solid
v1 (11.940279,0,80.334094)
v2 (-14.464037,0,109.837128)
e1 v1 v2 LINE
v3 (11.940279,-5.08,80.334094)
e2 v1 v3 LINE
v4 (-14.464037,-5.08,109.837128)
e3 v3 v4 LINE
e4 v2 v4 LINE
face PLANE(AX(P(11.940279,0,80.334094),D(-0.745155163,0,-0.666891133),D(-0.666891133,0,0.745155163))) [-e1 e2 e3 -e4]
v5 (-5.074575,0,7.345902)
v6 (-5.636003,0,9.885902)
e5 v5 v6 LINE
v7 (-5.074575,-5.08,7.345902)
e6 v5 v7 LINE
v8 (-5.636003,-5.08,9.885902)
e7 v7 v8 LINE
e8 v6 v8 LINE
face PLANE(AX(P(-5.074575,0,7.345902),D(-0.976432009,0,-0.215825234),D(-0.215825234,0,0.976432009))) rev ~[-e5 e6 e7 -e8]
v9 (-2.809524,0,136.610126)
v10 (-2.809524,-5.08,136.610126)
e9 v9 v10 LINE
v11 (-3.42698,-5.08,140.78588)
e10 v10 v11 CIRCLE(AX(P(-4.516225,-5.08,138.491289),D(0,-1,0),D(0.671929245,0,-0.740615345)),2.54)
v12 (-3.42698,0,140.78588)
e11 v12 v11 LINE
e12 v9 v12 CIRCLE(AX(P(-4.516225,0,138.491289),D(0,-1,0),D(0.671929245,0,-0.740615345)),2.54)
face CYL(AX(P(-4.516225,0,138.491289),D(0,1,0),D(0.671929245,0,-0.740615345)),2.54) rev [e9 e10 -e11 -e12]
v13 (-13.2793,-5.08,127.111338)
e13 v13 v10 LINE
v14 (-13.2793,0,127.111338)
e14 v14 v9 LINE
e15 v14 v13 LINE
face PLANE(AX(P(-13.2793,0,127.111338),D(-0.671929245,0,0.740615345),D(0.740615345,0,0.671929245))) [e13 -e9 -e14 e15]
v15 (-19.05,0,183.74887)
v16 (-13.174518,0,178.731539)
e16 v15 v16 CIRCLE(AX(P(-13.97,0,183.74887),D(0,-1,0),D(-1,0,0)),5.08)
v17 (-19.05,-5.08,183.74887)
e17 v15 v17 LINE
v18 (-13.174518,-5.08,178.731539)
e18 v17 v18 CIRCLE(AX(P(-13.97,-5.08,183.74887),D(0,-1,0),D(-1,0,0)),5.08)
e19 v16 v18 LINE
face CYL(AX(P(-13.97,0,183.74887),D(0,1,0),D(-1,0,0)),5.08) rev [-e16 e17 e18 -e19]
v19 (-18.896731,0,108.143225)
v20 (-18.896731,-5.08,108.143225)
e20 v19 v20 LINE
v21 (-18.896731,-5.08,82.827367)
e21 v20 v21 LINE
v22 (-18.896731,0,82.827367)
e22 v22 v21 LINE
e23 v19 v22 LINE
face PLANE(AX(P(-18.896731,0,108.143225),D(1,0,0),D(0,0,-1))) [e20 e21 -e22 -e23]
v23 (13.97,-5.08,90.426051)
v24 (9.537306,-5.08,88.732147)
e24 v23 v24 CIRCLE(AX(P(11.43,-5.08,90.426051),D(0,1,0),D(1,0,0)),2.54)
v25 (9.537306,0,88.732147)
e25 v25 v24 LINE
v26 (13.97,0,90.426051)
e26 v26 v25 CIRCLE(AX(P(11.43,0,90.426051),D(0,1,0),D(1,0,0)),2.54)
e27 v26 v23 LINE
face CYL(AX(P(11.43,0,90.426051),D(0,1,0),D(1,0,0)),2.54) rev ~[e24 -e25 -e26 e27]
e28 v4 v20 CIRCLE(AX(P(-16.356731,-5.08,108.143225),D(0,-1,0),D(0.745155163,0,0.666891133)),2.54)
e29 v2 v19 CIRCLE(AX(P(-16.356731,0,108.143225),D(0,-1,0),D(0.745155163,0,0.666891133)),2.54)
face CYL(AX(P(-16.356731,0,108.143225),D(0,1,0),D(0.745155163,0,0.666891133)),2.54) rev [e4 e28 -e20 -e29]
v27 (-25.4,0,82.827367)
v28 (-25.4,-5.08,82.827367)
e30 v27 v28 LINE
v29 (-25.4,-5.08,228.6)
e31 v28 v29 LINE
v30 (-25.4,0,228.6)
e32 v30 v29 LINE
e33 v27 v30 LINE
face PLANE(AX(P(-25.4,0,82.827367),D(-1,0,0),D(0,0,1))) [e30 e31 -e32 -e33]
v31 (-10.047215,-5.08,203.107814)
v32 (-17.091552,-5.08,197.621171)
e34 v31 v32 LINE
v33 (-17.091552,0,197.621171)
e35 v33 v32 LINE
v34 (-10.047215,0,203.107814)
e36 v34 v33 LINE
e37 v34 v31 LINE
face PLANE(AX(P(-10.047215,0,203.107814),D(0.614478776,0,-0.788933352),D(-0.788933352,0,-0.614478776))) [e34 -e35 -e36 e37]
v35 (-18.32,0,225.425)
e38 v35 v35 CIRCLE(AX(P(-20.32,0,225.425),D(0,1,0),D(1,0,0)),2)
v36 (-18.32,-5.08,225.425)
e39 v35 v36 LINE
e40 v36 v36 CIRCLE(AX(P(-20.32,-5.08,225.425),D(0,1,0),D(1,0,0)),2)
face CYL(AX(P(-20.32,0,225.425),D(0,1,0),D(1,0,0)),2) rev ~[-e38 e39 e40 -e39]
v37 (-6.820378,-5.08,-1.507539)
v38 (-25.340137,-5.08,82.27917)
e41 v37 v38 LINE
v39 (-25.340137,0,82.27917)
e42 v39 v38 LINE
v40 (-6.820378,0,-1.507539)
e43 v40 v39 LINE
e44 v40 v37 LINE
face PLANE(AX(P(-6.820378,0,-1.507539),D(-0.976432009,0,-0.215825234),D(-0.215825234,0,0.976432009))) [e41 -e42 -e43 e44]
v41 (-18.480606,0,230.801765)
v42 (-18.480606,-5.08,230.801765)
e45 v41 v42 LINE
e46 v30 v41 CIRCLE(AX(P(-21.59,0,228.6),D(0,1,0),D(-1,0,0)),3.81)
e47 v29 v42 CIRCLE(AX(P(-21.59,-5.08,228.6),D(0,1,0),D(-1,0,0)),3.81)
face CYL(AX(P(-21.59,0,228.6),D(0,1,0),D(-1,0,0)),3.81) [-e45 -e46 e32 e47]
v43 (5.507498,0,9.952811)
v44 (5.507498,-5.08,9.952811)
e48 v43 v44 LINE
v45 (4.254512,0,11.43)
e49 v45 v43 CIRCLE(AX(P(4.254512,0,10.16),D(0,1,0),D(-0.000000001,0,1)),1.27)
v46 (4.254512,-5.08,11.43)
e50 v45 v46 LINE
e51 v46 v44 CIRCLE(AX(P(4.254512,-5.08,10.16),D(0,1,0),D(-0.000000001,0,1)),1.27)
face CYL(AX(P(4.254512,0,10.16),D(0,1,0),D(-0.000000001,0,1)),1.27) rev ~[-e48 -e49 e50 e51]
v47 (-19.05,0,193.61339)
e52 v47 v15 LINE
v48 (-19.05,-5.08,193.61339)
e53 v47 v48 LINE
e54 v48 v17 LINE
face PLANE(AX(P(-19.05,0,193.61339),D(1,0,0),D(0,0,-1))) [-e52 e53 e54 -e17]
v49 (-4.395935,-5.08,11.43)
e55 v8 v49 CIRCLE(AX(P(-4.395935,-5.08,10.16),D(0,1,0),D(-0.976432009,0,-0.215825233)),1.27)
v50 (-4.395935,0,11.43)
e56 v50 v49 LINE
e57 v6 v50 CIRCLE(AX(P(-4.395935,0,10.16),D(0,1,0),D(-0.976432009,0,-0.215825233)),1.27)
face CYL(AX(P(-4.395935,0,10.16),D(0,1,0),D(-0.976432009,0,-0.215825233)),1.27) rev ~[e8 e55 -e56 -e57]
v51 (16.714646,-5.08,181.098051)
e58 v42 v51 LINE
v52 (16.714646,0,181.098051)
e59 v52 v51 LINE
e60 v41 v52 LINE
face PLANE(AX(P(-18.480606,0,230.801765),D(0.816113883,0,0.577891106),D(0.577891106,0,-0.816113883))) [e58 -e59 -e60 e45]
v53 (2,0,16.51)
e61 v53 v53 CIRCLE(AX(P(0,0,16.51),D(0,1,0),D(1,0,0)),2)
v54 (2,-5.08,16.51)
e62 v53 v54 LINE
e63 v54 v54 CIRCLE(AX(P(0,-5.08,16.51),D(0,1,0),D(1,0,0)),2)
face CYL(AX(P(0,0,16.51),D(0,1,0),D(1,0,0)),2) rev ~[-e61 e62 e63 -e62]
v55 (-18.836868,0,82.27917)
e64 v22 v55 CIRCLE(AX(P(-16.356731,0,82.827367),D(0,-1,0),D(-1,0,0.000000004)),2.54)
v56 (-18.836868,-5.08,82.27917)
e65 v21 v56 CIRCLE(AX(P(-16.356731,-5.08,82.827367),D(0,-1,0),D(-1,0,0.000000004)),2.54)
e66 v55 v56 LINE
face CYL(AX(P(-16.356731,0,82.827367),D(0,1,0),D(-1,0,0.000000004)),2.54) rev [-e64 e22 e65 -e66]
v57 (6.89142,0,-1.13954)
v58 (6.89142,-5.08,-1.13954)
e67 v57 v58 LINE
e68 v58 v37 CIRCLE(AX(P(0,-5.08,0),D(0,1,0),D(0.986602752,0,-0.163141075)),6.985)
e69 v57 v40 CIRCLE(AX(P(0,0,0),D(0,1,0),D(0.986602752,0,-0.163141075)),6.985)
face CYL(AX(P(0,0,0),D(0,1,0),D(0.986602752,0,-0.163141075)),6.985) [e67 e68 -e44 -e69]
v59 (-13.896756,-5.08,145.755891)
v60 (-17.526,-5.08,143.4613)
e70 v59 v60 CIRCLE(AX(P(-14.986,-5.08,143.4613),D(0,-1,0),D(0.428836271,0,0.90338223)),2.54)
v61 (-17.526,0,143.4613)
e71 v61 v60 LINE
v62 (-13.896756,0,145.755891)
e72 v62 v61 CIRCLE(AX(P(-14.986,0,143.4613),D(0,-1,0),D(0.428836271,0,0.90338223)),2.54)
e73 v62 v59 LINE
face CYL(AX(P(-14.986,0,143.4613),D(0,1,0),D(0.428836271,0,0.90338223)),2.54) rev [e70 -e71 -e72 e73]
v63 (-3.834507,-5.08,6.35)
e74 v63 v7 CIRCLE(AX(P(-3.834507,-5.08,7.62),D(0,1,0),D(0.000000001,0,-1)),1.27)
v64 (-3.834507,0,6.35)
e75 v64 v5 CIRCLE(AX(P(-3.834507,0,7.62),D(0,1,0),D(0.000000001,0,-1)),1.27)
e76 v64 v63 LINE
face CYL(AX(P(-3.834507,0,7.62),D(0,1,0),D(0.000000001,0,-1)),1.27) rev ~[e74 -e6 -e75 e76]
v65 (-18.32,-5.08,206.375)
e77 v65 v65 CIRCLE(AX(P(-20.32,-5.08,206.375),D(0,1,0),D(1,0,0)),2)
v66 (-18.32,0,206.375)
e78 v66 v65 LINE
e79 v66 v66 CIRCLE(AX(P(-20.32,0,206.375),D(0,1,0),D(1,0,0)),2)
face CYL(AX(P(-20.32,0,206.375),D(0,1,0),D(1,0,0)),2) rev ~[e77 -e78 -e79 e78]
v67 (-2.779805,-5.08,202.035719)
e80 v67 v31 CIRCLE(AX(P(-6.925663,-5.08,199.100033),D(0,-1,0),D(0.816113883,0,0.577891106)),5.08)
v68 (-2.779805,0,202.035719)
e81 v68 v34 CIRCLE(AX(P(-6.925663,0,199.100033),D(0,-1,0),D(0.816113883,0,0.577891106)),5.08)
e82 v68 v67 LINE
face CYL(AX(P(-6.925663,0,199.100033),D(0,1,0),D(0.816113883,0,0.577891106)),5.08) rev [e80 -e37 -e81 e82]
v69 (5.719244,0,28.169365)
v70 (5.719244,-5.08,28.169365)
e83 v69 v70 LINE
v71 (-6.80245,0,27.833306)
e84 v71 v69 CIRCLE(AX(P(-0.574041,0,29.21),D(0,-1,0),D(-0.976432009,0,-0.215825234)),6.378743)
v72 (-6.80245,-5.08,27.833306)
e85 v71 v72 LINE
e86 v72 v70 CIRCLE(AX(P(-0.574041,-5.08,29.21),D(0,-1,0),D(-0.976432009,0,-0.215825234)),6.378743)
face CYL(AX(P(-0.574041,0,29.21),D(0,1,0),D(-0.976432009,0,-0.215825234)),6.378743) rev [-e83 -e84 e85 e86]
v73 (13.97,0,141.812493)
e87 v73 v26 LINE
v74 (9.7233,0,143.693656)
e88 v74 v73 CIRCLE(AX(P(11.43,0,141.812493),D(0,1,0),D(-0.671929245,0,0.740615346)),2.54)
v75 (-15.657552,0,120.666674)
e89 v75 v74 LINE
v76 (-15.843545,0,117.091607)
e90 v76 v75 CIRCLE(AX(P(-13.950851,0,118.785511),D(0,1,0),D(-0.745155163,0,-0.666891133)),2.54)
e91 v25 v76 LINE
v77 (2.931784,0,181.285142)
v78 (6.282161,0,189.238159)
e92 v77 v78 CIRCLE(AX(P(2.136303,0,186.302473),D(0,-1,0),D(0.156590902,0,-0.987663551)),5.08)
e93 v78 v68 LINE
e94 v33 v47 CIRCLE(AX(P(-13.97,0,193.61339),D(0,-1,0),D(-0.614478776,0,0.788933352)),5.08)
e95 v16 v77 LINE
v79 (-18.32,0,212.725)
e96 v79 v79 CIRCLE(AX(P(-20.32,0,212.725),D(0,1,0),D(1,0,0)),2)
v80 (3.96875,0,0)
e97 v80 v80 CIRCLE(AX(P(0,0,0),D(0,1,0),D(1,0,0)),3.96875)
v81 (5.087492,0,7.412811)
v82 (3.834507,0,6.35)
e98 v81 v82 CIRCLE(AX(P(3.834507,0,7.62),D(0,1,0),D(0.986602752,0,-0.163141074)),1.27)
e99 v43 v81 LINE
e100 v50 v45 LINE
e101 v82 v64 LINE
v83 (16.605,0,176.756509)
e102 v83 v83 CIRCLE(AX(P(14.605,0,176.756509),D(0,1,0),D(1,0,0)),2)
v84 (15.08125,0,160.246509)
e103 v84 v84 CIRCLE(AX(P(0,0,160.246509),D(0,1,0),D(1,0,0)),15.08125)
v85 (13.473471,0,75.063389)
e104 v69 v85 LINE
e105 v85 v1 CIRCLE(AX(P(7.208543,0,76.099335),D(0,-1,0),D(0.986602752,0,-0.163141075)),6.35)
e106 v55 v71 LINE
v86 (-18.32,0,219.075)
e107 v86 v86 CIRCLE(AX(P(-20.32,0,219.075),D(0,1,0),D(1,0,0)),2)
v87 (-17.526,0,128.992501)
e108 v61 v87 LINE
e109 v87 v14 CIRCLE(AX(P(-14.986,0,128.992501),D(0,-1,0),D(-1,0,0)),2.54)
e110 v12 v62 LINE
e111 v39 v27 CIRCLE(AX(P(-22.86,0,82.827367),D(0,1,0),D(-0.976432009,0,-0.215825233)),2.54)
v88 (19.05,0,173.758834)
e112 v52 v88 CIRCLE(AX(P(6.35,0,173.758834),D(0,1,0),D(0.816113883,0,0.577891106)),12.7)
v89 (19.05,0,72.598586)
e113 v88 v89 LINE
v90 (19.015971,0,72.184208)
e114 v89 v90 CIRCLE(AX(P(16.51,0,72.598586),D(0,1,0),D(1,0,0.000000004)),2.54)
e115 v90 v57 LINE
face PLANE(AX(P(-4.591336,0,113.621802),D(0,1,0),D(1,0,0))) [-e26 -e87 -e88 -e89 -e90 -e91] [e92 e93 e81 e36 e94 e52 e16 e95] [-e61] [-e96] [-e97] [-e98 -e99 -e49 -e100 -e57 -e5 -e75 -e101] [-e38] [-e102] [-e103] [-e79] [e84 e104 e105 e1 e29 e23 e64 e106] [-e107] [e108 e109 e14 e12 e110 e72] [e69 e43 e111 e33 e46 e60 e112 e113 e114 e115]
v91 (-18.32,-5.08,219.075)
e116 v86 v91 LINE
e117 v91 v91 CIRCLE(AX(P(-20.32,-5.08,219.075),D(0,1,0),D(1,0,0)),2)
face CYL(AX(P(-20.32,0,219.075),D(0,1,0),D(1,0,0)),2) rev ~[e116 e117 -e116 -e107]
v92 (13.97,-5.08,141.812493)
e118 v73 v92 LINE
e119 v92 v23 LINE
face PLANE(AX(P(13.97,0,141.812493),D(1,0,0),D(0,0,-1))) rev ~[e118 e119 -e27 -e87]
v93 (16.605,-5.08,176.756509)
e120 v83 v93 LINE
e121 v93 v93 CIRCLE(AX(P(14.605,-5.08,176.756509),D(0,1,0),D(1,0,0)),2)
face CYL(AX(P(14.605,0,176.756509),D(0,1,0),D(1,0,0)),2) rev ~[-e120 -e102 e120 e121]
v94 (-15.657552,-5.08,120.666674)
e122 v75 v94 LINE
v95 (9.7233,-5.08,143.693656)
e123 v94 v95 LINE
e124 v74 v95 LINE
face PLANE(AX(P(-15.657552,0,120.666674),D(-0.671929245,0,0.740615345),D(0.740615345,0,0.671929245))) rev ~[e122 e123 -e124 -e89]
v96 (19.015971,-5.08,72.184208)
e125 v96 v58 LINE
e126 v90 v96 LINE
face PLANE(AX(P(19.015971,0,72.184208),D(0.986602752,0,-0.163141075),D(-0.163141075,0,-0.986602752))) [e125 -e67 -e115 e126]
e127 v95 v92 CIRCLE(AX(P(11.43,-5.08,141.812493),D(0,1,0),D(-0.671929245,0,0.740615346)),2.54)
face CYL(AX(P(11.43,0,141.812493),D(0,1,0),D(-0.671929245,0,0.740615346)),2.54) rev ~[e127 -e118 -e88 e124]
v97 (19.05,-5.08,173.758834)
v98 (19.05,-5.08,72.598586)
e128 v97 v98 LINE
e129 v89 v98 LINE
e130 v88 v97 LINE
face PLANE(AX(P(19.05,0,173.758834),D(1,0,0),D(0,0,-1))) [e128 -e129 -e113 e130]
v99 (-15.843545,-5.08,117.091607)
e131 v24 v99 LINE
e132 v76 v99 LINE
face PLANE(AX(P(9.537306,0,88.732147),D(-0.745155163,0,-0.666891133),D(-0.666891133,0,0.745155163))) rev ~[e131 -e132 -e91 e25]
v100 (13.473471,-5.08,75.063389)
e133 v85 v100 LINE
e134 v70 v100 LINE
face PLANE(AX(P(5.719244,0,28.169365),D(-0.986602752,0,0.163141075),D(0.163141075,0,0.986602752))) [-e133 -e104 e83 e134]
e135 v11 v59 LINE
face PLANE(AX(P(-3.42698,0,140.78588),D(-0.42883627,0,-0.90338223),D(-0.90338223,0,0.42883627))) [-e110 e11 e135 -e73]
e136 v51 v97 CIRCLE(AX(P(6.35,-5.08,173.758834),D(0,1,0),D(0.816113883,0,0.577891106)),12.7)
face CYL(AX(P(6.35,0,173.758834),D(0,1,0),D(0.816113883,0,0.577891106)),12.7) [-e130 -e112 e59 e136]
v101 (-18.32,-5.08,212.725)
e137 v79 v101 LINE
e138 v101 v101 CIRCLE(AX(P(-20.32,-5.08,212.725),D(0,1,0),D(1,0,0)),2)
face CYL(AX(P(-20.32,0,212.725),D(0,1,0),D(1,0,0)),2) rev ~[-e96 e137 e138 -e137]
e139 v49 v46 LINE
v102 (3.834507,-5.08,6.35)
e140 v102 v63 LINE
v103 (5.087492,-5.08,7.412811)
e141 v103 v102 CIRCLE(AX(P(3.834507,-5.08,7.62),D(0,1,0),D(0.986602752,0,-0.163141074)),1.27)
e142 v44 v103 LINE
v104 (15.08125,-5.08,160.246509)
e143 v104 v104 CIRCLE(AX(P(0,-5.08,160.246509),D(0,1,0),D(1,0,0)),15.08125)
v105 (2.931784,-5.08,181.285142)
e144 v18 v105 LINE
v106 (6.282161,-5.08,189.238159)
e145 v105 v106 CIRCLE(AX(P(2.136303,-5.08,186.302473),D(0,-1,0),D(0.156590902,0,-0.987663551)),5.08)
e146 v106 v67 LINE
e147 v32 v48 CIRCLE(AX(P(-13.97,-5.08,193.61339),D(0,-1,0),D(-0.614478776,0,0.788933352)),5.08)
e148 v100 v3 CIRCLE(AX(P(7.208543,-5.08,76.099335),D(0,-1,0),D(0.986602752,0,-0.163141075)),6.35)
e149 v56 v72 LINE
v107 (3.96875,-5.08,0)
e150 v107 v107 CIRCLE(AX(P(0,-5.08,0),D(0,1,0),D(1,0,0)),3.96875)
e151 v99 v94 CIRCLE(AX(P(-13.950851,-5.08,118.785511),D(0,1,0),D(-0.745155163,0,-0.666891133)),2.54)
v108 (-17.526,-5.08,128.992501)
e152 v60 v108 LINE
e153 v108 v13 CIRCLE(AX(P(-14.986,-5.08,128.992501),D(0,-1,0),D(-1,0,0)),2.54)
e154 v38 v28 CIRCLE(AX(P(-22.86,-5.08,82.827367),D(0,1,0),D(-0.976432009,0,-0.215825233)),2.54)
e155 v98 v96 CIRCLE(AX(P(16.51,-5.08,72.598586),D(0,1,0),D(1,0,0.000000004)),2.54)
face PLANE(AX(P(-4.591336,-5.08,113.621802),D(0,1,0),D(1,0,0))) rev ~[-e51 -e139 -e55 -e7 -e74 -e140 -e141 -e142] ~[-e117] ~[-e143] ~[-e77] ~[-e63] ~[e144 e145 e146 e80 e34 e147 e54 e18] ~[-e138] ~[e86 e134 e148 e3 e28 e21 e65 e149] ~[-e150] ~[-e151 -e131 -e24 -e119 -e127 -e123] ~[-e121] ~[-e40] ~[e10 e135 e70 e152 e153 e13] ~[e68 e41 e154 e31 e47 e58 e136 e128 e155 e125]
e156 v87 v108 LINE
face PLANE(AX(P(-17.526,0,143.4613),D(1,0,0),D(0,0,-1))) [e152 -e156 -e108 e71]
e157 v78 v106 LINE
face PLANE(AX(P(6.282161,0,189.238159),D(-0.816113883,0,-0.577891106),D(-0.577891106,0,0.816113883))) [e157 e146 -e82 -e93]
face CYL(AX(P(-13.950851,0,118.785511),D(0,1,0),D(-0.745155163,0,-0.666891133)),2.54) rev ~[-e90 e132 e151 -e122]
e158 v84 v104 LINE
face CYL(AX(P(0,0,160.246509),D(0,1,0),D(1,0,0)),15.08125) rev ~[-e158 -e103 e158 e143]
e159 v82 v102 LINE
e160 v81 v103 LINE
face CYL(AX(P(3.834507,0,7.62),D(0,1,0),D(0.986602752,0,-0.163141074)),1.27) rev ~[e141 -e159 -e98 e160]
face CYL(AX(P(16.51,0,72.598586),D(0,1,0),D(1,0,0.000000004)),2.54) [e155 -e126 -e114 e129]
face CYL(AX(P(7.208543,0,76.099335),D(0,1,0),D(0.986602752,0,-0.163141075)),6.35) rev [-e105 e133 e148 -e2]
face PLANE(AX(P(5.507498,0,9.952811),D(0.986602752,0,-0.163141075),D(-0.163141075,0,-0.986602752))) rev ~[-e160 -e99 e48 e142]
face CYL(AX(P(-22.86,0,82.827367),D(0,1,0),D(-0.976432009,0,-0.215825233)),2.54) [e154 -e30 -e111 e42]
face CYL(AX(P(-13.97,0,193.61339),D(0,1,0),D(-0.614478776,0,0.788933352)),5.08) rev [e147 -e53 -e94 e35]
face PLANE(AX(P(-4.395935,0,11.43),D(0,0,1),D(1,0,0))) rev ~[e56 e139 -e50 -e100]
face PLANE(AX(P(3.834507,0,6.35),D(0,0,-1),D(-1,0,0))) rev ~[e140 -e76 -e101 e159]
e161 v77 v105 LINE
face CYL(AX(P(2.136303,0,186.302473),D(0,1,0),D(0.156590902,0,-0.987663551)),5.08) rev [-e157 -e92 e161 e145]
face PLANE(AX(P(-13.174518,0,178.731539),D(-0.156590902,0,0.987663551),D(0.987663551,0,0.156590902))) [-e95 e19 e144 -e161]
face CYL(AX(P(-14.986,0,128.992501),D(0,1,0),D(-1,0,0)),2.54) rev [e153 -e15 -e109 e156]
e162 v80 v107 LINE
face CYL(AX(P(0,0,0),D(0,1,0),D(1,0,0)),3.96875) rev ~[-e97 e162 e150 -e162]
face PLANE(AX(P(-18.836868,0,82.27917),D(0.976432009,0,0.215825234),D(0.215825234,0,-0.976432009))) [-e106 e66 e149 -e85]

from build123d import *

# Parameters (mm, degrees)
SKETCH11_R          = 3.96875
SKETCH11_R_2        = 15.08125
SKETCH11_R_3        = 2
BOSS_EXTRUDE2_DEPTH = 5.08


with BuildPart() as part:
    # Sketch11 → Boss-Extrude2 (new body)
    with BuildSketch(Plane(origin=(0, 0, 0), x_dir=(1, 0, 0), z_dir=(0, 1, 0))):
        with BuildLine():
            Line((19.05, -173.758834345), (19.05, -72.598586407))
            ThreePointArc((19.05, -72.598586407), (19.041478453, -72.390699795), (19.015970989, -72.184208077))
            Line((19.015970989, -72.184208077), (6.891420221, 1.139540409))
            ThreePointArc((6.891420221, 1.139540409), (0.187396777, 6.982485764), (-6.820377584, 1.507539257))
            Line((-6.820377584, 1.507539257), (-25.340137303, -82.279170439))
            ThreePointArc((-25.340137303, -82.279170439), (-25.384989975, -82.551639086), (-25.4, -82.827366533))
            Line((-25.4, -82.827366533), (-25.4, -177.8))
            Line((-25.4, -177.8), (-25.4, -228.6))
            ThreePointArc((-25.4, -228.6), (-22.745272537, -232.230626029), (-18.480606107, -230.801765114))
            Line((-18.480606107, -230.801765114), (16.71464631, -181.098051393))
            ThreePointArc((16.71464631, -181.098051393), (18.452086765, -177.609742801), (19.05, -173.758834345))
        make_face()
        Circle(SKETCH11_R, mode=Mode.SUBTRACT)
        with Locations((0, -160.246508934)):
            Circle(SKETCH11_R_2, mode=Mode.SUBTRACT)
        with Locations((-20.32, -225.425)):
            Circle(SKETCH11_R_3, mode=Mode.SUBTRACT)
        with Locations((-20.32, -219.075)):
            Circle(SKETCH11_R_3, mode=Mode.SUBTRACT)
        with Locations((-20.32, -212.725)):
            Circle(SKETCH11_R_3, mode=Mode.SUBTRACT)
        with Locations((-20.32, -206.375)):
            Circle(SKETCH11_R_3, mode=Mode.SUBTRACT)
        with Locations((0, -16.51)):
            Circle(SKETCH11_R_3, mode=Mode.SUBTRACT)
        with Locations((14.605, -176.756508934)):
            Circle(SKETCH11_R_3, mode=Mode.SUBTRACT)
        with BuildLine():
            Line((11.940278596, -80.334093652), (-14.464036902, -109.837128051))
            ThreePointArc((-14.464036902, -109.837128051), (-17.263416449, -110.515885849), (-18.896731016, -108.143224574))
            Line((-18.896731016, -108.143224574), (-18.896731016, -82.827366533))
            ThreePointArc((-18.896731016, -82.827366533), (-18.881720992, -82.551639086), (-18.83686832, -82.279170439))
            Line((-18.83686832, -82.279170439), (-6.80244992, -27.833306339))
            ThreePointArc((-6.80244992, -27.833306339), (-0.402909414, -22.833553189), (5.719243979, -28.169365038))
            Line((5.719243979, -28.169365038), (13.473470783, -75.063389134))
            ThreePointArc((13.473470783, -75.063389134), (13.305815609, -77.87296697), (11.940278596, -80.334093652))
        make_face(mode=Mode.SUBTRACT)
        with BuildLine():
            Line((13.97, -141.812492878), (13.97, -90.426050798))
            ThreePointArc((13.97, -90.426050798), (12.336685433, -88.053389523), (9.537305885, -88.732147321))
            Line((9.537305885, -88.732147321), (-15.843545445, -117.091607347))
            ThreePointArc((-15.843545445, -117.091607347), (-16.487420873, -118.917476564), (-15.657551613, -120.666673802))
            Line((-15.657551613, -120.666673802), (9.723299718, -143.693655856))
            ThreePointArc((9.723299718, -143.693655856), (12.458732541, -144.134842843), (13.97, -141.812492878))
        make_face(mode=Mode.SUBTRACT)
        with BuildLine():
            Line((-13.279299718, -127.111337727), (-2.809524218, -136.610125984))
            ThreePointArc((-2.809524218, -136.610125984), (-2.003545388, -138.86283126), (-3.426980373, -140.785879825))
            Line((-3.426980373, -140.785879825), (-13.896755873, -145.755890669))
            ThreePointArc((-13.896755873, -145.755890669), (-16.343372447, -145.60819059), (-17.526, -143.461299805))
            Line((-17.526, -143.461299805), (-17.526, -128.992500705))
            ThreePointArc((-17.526, -128.992500705), (-16.014732541, -126.67015074), (-13.279299718, -127.111337727))
        make_face(mode=Mode.SUBTRACT)
        with BuildLine():
            Line((6.282161105, -189.238159376), (-2.779804772, -202.035719466))
            ThreePointArc((-2.779804772, -202.035719466), (-6.184281083, -204.125642303), (-10.047215475, -203.107814076))
            Line((-10.047215475, -203.107814076), (-17.09155218, -197.621171408))
            ThreePointArc((-17.09155218, -197.621171408), (-18.534202289, -195.843739158), (-19.05, -193.613389978))
            Line((-19.05, -193.613389978), (-19.05, -183.748869713))
            ThreePointArc((-19.05, -183.748869713), (-17.268890157, -179.885746141), (-13.174518217, -178.731538875))
            Line((-13.174518217, -178.731538875), (2.931784364, -181.28514172))
            ThreePointArc((2.931784364, -181.28514172), (6.817844364, -184.330274157), (6.282161105, -189.238159376))
        make_face(mode=Mode.SUBTRACT)
        with BuildLine():
            Line((3.834506832, -6.35), (-3.834506832, -6.35))
            ThreePointArc((-3.834506832, -6.35), (-4.629741225, -6.629796859), (-5.074575483, -7.345901953))
            Line((-5.074575483, -7.345901953), (-5.636003302, -9.885901953))
            ThreePointArc((-5.636003302, -9.885901953), (-5.386137791, -10.955234393), (-4.395934651, -11.43))
            Line((-4.395934651, -11.43), (4.254512077, -11.43))
            ThreePointArc((4.254512077, -11.43), (5.223023884, -10.981513774), (5.507497571, -9.952810835))
            Line((5.507497571, -9.952810835), (5.087492326, -7.412810835))
            ThreePointArc((5.087492326, -7.412810835), (4.656020605, -6.651488193), (3.834506832, -6.35))
        make_face(mode=Mode.SUBTRACT)
    extrude(amount=-BOSS_EXTRUDE2_DEPTH)


solid = part.part
